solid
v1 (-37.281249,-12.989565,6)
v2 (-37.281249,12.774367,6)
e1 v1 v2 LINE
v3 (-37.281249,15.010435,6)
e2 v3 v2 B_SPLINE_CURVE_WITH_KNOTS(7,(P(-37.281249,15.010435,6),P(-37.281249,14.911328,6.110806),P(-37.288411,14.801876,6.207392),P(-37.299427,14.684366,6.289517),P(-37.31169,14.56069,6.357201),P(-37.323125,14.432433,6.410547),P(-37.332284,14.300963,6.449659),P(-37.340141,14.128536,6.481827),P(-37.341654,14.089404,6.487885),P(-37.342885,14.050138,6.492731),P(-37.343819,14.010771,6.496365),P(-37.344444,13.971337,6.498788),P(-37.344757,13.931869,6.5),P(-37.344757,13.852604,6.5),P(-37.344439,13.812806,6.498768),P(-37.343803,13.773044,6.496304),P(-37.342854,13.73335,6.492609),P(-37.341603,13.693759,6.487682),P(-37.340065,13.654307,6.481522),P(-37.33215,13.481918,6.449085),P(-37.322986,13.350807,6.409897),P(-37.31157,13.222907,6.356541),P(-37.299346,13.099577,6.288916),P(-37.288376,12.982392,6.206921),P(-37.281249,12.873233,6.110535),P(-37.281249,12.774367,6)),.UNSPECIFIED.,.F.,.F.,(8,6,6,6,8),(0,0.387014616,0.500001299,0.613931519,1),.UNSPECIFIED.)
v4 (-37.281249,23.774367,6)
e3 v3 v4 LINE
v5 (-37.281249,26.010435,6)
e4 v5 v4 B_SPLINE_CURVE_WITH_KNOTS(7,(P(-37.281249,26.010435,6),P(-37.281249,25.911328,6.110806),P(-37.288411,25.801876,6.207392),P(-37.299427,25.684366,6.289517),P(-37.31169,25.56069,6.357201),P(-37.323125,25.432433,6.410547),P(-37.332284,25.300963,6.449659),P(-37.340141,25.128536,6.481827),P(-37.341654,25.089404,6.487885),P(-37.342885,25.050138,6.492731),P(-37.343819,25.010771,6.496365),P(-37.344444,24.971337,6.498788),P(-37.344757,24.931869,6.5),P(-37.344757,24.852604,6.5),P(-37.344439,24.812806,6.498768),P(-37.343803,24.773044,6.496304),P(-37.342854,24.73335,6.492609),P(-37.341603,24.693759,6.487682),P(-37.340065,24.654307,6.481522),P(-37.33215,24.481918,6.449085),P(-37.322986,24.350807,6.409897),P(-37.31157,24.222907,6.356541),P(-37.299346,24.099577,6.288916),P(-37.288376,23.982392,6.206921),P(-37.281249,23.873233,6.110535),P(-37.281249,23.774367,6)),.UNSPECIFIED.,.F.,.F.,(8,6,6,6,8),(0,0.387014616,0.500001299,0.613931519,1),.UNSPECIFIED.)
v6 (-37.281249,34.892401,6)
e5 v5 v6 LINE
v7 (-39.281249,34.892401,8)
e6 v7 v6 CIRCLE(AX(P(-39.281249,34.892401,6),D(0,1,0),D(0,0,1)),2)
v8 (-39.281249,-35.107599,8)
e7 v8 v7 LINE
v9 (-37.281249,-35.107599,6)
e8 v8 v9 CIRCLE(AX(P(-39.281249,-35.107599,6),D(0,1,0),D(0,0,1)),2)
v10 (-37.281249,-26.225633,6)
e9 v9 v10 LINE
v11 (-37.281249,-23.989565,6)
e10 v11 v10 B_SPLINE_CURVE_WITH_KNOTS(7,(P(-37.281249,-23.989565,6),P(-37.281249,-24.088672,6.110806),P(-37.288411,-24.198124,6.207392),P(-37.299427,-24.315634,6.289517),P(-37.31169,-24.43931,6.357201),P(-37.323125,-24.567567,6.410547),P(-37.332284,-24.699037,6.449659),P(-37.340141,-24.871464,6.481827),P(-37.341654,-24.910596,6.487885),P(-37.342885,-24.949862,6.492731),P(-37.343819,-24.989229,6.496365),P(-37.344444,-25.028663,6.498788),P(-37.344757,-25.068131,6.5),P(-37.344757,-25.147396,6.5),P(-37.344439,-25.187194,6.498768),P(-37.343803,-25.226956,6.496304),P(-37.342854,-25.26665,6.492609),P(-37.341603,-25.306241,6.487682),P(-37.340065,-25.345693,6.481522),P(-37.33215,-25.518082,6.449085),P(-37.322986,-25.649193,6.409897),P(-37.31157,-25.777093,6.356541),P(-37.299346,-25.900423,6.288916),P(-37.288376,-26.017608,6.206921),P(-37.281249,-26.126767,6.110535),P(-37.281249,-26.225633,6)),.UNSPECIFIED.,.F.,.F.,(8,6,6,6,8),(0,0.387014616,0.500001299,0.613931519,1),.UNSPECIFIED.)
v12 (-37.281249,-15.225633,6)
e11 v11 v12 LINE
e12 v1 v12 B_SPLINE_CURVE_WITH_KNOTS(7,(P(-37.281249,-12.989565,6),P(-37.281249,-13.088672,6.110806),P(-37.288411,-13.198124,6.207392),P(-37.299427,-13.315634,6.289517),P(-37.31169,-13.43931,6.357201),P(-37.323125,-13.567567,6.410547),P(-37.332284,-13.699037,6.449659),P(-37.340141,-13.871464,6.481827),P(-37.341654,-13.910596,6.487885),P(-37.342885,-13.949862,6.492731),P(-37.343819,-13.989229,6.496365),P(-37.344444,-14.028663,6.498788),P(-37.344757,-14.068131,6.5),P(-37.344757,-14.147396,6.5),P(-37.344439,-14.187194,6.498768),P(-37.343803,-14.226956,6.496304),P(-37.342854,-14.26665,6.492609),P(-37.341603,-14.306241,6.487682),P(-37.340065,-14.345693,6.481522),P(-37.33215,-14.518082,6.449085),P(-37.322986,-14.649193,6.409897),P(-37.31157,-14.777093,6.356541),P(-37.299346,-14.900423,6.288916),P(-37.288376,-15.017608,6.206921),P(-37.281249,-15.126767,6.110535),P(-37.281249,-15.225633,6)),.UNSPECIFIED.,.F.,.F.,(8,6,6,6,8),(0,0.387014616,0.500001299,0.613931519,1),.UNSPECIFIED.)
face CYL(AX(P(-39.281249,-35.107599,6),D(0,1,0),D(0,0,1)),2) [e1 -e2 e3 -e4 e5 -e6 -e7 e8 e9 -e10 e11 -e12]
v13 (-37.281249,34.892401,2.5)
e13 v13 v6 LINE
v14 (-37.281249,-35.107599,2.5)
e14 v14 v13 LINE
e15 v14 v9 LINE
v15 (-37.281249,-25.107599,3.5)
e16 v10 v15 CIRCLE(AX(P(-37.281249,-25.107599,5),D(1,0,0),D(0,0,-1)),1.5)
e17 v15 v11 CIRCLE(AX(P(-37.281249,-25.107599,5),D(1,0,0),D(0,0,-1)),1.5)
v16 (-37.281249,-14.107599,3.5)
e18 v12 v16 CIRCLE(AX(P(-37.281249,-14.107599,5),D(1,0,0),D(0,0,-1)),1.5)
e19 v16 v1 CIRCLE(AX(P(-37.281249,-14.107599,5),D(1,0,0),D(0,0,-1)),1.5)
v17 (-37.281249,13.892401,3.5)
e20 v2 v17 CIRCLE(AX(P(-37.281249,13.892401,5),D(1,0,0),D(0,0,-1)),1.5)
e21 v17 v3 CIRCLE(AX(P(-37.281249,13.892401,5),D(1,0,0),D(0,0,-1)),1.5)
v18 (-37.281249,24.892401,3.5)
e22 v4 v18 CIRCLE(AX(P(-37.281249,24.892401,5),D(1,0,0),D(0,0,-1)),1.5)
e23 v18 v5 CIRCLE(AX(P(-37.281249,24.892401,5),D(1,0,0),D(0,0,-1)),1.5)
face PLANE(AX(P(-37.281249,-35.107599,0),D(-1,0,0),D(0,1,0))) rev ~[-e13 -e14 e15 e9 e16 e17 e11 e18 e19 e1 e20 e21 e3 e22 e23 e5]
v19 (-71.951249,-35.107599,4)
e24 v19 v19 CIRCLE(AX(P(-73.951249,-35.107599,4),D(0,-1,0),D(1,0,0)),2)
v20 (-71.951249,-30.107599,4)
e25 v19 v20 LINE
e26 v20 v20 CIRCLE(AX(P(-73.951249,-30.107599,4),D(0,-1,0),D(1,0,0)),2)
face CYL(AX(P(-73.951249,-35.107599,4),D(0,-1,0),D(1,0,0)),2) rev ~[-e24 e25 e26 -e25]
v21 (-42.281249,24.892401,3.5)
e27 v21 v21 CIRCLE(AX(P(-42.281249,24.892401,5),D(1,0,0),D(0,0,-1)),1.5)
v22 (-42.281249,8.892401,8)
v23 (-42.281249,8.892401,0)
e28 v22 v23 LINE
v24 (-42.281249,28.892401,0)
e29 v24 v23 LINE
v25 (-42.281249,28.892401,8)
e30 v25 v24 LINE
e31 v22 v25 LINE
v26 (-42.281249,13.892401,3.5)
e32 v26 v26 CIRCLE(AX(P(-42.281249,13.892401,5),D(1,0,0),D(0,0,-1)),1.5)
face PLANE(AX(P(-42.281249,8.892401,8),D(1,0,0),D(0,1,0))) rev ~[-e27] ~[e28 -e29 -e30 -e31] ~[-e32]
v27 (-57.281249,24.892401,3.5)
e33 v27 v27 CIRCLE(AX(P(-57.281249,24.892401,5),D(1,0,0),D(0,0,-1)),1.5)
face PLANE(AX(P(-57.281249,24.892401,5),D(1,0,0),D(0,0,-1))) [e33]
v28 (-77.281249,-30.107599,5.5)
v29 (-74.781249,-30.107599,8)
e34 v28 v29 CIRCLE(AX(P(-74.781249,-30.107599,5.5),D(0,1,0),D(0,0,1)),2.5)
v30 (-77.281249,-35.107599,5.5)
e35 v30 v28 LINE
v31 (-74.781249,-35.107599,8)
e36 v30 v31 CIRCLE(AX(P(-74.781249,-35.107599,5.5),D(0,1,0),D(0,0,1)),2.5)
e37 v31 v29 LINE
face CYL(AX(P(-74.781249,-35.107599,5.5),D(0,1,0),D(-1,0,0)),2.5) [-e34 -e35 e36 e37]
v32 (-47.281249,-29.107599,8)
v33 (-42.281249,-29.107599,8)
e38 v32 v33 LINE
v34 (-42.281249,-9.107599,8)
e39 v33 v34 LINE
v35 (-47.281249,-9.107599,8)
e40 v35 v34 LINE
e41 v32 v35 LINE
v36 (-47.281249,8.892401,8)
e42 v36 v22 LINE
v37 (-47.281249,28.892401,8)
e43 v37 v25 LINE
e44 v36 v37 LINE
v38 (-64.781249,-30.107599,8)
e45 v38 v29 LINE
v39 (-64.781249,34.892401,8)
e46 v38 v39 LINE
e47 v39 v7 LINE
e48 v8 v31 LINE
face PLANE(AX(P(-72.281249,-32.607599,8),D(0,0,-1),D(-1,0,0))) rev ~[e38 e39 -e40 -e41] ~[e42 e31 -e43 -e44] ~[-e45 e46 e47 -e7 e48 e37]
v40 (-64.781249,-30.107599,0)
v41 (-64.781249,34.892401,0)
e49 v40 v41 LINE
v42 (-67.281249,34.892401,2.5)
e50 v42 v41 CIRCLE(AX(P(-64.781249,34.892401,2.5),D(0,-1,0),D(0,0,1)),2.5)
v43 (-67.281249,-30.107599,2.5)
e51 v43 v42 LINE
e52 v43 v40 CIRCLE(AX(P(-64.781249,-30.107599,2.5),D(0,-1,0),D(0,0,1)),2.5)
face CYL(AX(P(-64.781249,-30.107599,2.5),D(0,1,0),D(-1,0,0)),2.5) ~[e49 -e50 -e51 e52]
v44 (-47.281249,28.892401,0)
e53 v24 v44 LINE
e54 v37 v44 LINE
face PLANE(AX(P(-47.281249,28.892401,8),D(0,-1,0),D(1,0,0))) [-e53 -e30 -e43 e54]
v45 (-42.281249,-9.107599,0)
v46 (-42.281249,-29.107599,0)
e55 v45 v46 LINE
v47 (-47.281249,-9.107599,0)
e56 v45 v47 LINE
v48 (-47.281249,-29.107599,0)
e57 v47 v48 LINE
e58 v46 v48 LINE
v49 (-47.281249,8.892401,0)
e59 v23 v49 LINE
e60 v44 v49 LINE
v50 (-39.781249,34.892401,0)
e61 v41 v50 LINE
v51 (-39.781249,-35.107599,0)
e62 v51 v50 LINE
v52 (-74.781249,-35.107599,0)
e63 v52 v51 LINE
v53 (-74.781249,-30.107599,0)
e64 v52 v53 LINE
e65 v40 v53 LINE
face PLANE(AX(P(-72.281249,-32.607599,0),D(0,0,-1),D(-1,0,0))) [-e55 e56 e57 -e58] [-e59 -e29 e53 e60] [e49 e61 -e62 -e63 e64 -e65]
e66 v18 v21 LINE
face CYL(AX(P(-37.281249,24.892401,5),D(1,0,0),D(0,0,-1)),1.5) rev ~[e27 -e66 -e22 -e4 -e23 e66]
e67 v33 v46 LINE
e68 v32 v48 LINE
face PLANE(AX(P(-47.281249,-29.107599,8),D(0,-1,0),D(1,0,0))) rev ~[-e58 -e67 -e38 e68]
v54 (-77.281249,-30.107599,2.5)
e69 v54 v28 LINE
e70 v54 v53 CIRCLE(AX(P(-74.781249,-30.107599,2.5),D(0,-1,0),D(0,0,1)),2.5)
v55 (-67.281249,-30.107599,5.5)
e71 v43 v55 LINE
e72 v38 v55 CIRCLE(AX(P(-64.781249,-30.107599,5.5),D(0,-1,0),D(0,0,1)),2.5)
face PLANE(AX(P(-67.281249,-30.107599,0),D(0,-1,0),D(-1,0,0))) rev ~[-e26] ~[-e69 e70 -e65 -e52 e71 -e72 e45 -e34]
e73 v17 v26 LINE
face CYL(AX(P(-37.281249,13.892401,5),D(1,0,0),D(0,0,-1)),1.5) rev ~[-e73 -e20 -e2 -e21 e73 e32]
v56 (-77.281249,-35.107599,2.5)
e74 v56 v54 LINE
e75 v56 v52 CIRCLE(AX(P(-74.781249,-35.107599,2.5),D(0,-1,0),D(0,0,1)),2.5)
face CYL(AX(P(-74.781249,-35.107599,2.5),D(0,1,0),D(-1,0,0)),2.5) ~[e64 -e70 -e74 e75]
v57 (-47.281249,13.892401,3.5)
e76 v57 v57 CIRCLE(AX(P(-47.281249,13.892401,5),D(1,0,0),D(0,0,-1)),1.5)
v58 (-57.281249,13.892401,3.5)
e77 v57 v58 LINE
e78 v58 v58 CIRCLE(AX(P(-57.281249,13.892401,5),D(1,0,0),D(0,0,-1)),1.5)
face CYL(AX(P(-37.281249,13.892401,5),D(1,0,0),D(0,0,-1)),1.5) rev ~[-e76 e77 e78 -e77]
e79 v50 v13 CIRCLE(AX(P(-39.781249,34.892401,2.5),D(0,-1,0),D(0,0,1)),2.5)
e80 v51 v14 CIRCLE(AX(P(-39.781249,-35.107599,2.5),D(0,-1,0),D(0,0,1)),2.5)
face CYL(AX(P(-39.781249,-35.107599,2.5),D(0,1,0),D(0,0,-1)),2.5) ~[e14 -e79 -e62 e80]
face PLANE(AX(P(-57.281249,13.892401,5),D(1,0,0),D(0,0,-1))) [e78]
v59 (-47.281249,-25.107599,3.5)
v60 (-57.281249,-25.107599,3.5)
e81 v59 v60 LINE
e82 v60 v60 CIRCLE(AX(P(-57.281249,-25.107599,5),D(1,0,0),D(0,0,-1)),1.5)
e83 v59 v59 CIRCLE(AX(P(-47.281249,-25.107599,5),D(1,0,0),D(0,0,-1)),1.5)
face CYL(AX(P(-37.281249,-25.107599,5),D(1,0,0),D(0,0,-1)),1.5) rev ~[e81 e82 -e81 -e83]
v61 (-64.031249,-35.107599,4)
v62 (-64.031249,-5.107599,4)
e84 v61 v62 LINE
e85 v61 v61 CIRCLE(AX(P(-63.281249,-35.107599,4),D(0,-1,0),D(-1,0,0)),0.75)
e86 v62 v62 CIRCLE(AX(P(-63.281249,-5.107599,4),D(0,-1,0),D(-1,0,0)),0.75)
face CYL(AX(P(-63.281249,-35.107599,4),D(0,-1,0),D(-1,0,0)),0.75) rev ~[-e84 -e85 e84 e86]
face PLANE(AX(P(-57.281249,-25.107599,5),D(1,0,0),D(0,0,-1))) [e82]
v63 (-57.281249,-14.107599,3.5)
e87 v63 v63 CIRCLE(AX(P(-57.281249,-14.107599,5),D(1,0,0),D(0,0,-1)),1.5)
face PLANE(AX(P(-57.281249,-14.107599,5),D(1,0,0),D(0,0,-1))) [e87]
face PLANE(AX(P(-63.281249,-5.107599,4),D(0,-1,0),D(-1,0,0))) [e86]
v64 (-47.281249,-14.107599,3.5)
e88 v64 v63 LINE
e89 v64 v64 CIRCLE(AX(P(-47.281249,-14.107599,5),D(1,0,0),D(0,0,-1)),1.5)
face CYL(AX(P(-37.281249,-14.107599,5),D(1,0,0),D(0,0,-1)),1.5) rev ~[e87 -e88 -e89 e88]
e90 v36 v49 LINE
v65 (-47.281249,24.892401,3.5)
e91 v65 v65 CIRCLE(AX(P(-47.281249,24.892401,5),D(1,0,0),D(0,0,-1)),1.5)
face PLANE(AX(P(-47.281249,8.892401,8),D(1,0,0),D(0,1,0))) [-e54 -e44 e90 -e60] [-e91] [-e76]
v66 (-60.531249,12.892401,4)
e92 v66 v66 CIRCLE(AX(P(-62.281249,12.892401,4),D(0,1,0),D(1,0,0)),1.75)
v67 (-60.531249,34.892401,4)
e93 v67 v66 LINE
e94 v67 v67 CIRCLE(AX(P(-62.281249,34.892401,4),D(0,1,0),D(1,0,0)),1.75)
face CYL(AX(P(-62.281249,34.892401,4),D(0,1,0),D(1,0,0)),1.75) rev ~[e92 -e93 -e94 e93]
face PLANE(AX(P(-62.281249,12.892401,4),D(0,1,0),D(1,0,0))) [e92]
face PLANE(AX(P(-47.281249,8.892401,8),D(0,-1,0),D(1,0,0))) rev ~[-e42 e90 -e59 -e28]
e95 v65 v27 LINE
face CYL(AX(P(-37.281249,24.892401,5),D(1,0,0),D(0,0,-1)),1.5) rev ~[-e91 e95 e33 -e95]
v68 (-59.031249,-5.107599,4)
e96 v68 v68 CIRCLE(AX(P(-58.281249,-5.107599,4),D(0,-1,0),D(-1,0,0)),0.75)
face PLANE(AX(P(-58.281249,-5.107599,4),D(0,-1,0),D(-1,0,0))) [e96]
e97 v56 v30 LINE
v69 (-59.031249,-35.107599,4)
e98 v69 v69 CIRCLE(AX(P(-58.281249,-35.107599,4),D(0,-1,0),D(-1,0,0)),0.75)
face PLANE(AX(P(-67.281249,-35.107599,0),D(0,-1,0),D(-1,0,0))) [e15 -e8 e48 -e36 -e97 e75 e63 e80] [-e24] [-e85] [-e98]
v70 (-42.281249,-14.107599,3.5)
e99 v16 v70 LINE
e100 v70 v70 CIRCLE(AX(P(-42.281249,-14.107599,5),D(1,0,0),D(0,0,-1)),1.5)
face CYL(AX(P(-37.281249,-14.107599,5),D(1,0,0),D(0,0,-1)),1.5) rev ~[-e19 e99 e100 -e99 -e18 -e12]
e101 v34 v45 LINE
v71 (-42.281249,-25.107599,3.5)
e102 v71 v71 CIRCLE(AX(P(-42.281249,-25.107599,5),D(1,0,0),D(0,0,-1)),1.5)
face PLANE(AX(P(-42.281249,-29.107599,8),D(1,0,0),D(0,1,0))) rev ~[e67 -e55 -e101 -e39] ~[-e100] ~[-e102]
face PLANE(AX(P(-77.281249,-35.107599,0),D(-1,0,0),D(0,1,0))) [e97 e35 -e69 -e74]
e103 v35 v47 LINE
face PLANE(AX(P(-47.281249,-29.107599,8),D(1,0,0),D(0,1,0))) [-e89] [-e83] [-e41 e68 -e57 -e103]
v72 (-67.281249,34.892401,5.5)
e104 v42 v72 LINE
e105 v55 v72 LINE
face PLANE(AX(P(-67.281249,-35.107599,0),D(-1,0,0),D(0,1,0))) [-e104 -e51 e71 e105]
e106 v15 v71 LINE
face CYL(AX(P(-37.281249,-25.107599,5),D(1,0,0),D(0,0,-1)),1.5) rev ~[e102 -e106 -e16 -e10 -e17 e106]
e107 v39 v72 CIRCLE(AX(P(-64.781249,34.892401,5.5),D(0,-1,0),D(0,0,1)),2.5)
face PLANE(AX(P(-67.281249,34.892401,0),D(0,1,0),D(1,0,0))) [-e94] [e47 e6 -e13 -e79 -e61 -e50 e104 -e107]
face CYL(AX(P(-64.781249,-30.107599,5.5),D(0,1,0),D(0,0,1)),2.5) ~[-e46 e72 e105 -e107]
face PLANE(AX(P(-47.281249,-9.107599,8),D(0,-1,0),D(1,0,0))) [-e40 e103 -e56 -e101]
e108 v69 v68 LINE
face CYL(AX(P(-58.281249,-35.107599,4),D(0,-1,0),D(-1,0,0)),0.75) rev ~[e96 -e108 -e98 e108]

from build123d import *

# Parameters (mm, degrees)
ESBO_O2_W                = 30
ESBO_O2_H                = 70
RESSALTO_EXTRUS_O1_DEPTH = 8
ESBO_O3_R                = 0.75
CORTE_EXTRUS_O1_DEPTH    = 30
FILETE1_R                = 2
ESBO_O17_W               = 10
ESBO_O17_H               = 5
RESSALTO_EXTRUS_O4_DEPTH = 8
ESBO_O20_R               = 2
CORTE_EXTRUS_O9_DEPTH    = 8
FILETE2_R                = 2.5
FILETE3_R                = 2.5
FILETE4_R                = 2.5
FILETE5_R                = 2.5
ESBO_O21_W               = 5
ESBO_O21_H               = 20
CORTE_EXTRUS_O10_DEPTH   = 9
FILETE6_R                = 2.5
ESBO_O22_R               = 1.5
CORTE_EXTRUS_O11_DEPTH   = 20
ESBO_O23_R               = 1.75
CORTE_EXTRUS_O12_DEPTH   = 22


with BuildPart() as part:
    # Esboço2 → Ressalto-extrusão1 (new body)
    with BuildSketch(Plane.XY):
        with Locations((-52.281248797, -0.107598663)):
            Rectangle(ESBO_O2_W, ESBO_O2_H)
    extrude(amount=RESSALTO_EXTRUS_O1_DEPTH)

    # Esboço3 → Corte-extrusão1 (cut)
    with BuildSketch(Plane(origin=(0, -35.107598663, 0), x_dir=(-1, 0, 0), z_dir=(0, -1, 0))):
        with Locations((58.281248797, -4)):
            Circle(ESBO_O3_R)
        with Locations((63.281248797, -4)):
            Circle(ESBO_O3_R)
    extrude(amount=-CORTE_EXTRUS_O1_DEPTH, mode=Mode.SUBTRACT)

    # Filete1
    filete1_edges = [part.edges().sort_by_distance(p)[0] for p in [
        (-37.281248797, -0.107598663, 8),
    ]]
    fillet(filete1_edges, radius=FILETE1_R)

    # Esboço17 → Ressalto-extrusão4 (add)
    with BuildSketch(Plane(origin=(0, 0, 0), x_dir=(-1, 0, 0), z_dir=(0, 0, -1))):
        with Locations((72.281248797, -32.607598663)):
            Rectangle(ESBO_O17_W, ESBO_O17_H)
    extrude(amount=-RESSALTO_EXTRUS_O4_DEPTH)

    # Esboço20 → Corte-extrusão9 (cut)
    with BuildSketch(Plane.XZ.offset(35.107598663)):
        with Locations((-73.951248797, 4)):
            Circle(ESBO_O20_R)
    extrude(amount=-CORTE_EXTRUS_O9_DEPTH, mode=Mode.SUBTRACT)

    # Filete2
    filete2_edges = [part.edges().sort_by_distance(p)[0] for p in [
        (-67.281248797, 2.392401337, 8),
    ]]
    fillet(filete2_edges, radius=FILETE2_R)

    # Filete3
    filete3_edges = [part.edges().sort_by_distance(p)[0] for p in [
        (-67.281248797, 2.392401337, 0),
    ]]
    fillet(filete3_edges, radius=FILETE3_R)

    # Filete4
    filete4_edges = [part.edges().sort_by_distance(p)[0] for p in [
        (-77.281248797, -32.607598663, 8),
    ]]
    fillet(filete4_edges, radius=FILETE4_R)

    # Filete5
    filete5_edges = [part.edges().sort_by_distance(p)[0] for p in [
        (-77.281248797, -32.607598663, 0),
    ]]
    fillet(filete5_edges, radius=FILETE5_R)

    # Esboço21 → Corte-extrusão10 (cut, through all)
    with BuildSketch(Plane.XY.offset(8)):
        with Locations((-44.781248797, 18.892401337)):
            Rectangle(ESBO_O21_W, ESBO_O21_H)
        with Locations((-44.781248797, -19.107598663)):
            Rectangle(ESBO_O21_W, ESBO_O21_H)
    extrude(amount=-CORTE_EXTRUS_O10_DEPTH, mode=Mode.SUBTRACT)

    # Filete6
    filete6_edges = [part.edges().sort_by_distance(p)[0] for p in [
        (-37.281248797, -0.107598663, 0),
    ]]
    fillet(filete6_edges, radius=FILETE6_R)

    # Esboço22 → Corte-extrusão11 (cut)
    with BuildSketch(Plane(origin=(-37.281248797, 0, 0), x_dir=(0, 0, -1), z_dir=(1, 0, 0))):
        with Locations((-5, -25.107598663)):
            Circle(ESBO_O22_R)
        with Locations((-5, -14.107598663)):
            Circle(ESBO_O22_R)
        with Locations((-5, 24.892401337)):
            Circle(ESBO_O22_R)
        with Locations((-5, 13.892401337)):
            Circle(ESBO_O22_R)
    extrude(amount=-CORTE_EXTRUS_O11_DEPTH, mode=Mode.SUBTRACT)

    # Esboço23 → Corte-extrusão12 (cut)
    with BuildSketch(Plane(origin=(0, 34.892401337, 0), x_dir=(1, 0, 0), z_dir=(0, 1, 0))):
        with Locations((-62.281248797, -4)):
            Circle(ESBO_O23_R)
    extrude(amount=-CORTE_EXTRUS_O12_DEPTH, mode=Mode.SUBTRACT)


solid = part.part
